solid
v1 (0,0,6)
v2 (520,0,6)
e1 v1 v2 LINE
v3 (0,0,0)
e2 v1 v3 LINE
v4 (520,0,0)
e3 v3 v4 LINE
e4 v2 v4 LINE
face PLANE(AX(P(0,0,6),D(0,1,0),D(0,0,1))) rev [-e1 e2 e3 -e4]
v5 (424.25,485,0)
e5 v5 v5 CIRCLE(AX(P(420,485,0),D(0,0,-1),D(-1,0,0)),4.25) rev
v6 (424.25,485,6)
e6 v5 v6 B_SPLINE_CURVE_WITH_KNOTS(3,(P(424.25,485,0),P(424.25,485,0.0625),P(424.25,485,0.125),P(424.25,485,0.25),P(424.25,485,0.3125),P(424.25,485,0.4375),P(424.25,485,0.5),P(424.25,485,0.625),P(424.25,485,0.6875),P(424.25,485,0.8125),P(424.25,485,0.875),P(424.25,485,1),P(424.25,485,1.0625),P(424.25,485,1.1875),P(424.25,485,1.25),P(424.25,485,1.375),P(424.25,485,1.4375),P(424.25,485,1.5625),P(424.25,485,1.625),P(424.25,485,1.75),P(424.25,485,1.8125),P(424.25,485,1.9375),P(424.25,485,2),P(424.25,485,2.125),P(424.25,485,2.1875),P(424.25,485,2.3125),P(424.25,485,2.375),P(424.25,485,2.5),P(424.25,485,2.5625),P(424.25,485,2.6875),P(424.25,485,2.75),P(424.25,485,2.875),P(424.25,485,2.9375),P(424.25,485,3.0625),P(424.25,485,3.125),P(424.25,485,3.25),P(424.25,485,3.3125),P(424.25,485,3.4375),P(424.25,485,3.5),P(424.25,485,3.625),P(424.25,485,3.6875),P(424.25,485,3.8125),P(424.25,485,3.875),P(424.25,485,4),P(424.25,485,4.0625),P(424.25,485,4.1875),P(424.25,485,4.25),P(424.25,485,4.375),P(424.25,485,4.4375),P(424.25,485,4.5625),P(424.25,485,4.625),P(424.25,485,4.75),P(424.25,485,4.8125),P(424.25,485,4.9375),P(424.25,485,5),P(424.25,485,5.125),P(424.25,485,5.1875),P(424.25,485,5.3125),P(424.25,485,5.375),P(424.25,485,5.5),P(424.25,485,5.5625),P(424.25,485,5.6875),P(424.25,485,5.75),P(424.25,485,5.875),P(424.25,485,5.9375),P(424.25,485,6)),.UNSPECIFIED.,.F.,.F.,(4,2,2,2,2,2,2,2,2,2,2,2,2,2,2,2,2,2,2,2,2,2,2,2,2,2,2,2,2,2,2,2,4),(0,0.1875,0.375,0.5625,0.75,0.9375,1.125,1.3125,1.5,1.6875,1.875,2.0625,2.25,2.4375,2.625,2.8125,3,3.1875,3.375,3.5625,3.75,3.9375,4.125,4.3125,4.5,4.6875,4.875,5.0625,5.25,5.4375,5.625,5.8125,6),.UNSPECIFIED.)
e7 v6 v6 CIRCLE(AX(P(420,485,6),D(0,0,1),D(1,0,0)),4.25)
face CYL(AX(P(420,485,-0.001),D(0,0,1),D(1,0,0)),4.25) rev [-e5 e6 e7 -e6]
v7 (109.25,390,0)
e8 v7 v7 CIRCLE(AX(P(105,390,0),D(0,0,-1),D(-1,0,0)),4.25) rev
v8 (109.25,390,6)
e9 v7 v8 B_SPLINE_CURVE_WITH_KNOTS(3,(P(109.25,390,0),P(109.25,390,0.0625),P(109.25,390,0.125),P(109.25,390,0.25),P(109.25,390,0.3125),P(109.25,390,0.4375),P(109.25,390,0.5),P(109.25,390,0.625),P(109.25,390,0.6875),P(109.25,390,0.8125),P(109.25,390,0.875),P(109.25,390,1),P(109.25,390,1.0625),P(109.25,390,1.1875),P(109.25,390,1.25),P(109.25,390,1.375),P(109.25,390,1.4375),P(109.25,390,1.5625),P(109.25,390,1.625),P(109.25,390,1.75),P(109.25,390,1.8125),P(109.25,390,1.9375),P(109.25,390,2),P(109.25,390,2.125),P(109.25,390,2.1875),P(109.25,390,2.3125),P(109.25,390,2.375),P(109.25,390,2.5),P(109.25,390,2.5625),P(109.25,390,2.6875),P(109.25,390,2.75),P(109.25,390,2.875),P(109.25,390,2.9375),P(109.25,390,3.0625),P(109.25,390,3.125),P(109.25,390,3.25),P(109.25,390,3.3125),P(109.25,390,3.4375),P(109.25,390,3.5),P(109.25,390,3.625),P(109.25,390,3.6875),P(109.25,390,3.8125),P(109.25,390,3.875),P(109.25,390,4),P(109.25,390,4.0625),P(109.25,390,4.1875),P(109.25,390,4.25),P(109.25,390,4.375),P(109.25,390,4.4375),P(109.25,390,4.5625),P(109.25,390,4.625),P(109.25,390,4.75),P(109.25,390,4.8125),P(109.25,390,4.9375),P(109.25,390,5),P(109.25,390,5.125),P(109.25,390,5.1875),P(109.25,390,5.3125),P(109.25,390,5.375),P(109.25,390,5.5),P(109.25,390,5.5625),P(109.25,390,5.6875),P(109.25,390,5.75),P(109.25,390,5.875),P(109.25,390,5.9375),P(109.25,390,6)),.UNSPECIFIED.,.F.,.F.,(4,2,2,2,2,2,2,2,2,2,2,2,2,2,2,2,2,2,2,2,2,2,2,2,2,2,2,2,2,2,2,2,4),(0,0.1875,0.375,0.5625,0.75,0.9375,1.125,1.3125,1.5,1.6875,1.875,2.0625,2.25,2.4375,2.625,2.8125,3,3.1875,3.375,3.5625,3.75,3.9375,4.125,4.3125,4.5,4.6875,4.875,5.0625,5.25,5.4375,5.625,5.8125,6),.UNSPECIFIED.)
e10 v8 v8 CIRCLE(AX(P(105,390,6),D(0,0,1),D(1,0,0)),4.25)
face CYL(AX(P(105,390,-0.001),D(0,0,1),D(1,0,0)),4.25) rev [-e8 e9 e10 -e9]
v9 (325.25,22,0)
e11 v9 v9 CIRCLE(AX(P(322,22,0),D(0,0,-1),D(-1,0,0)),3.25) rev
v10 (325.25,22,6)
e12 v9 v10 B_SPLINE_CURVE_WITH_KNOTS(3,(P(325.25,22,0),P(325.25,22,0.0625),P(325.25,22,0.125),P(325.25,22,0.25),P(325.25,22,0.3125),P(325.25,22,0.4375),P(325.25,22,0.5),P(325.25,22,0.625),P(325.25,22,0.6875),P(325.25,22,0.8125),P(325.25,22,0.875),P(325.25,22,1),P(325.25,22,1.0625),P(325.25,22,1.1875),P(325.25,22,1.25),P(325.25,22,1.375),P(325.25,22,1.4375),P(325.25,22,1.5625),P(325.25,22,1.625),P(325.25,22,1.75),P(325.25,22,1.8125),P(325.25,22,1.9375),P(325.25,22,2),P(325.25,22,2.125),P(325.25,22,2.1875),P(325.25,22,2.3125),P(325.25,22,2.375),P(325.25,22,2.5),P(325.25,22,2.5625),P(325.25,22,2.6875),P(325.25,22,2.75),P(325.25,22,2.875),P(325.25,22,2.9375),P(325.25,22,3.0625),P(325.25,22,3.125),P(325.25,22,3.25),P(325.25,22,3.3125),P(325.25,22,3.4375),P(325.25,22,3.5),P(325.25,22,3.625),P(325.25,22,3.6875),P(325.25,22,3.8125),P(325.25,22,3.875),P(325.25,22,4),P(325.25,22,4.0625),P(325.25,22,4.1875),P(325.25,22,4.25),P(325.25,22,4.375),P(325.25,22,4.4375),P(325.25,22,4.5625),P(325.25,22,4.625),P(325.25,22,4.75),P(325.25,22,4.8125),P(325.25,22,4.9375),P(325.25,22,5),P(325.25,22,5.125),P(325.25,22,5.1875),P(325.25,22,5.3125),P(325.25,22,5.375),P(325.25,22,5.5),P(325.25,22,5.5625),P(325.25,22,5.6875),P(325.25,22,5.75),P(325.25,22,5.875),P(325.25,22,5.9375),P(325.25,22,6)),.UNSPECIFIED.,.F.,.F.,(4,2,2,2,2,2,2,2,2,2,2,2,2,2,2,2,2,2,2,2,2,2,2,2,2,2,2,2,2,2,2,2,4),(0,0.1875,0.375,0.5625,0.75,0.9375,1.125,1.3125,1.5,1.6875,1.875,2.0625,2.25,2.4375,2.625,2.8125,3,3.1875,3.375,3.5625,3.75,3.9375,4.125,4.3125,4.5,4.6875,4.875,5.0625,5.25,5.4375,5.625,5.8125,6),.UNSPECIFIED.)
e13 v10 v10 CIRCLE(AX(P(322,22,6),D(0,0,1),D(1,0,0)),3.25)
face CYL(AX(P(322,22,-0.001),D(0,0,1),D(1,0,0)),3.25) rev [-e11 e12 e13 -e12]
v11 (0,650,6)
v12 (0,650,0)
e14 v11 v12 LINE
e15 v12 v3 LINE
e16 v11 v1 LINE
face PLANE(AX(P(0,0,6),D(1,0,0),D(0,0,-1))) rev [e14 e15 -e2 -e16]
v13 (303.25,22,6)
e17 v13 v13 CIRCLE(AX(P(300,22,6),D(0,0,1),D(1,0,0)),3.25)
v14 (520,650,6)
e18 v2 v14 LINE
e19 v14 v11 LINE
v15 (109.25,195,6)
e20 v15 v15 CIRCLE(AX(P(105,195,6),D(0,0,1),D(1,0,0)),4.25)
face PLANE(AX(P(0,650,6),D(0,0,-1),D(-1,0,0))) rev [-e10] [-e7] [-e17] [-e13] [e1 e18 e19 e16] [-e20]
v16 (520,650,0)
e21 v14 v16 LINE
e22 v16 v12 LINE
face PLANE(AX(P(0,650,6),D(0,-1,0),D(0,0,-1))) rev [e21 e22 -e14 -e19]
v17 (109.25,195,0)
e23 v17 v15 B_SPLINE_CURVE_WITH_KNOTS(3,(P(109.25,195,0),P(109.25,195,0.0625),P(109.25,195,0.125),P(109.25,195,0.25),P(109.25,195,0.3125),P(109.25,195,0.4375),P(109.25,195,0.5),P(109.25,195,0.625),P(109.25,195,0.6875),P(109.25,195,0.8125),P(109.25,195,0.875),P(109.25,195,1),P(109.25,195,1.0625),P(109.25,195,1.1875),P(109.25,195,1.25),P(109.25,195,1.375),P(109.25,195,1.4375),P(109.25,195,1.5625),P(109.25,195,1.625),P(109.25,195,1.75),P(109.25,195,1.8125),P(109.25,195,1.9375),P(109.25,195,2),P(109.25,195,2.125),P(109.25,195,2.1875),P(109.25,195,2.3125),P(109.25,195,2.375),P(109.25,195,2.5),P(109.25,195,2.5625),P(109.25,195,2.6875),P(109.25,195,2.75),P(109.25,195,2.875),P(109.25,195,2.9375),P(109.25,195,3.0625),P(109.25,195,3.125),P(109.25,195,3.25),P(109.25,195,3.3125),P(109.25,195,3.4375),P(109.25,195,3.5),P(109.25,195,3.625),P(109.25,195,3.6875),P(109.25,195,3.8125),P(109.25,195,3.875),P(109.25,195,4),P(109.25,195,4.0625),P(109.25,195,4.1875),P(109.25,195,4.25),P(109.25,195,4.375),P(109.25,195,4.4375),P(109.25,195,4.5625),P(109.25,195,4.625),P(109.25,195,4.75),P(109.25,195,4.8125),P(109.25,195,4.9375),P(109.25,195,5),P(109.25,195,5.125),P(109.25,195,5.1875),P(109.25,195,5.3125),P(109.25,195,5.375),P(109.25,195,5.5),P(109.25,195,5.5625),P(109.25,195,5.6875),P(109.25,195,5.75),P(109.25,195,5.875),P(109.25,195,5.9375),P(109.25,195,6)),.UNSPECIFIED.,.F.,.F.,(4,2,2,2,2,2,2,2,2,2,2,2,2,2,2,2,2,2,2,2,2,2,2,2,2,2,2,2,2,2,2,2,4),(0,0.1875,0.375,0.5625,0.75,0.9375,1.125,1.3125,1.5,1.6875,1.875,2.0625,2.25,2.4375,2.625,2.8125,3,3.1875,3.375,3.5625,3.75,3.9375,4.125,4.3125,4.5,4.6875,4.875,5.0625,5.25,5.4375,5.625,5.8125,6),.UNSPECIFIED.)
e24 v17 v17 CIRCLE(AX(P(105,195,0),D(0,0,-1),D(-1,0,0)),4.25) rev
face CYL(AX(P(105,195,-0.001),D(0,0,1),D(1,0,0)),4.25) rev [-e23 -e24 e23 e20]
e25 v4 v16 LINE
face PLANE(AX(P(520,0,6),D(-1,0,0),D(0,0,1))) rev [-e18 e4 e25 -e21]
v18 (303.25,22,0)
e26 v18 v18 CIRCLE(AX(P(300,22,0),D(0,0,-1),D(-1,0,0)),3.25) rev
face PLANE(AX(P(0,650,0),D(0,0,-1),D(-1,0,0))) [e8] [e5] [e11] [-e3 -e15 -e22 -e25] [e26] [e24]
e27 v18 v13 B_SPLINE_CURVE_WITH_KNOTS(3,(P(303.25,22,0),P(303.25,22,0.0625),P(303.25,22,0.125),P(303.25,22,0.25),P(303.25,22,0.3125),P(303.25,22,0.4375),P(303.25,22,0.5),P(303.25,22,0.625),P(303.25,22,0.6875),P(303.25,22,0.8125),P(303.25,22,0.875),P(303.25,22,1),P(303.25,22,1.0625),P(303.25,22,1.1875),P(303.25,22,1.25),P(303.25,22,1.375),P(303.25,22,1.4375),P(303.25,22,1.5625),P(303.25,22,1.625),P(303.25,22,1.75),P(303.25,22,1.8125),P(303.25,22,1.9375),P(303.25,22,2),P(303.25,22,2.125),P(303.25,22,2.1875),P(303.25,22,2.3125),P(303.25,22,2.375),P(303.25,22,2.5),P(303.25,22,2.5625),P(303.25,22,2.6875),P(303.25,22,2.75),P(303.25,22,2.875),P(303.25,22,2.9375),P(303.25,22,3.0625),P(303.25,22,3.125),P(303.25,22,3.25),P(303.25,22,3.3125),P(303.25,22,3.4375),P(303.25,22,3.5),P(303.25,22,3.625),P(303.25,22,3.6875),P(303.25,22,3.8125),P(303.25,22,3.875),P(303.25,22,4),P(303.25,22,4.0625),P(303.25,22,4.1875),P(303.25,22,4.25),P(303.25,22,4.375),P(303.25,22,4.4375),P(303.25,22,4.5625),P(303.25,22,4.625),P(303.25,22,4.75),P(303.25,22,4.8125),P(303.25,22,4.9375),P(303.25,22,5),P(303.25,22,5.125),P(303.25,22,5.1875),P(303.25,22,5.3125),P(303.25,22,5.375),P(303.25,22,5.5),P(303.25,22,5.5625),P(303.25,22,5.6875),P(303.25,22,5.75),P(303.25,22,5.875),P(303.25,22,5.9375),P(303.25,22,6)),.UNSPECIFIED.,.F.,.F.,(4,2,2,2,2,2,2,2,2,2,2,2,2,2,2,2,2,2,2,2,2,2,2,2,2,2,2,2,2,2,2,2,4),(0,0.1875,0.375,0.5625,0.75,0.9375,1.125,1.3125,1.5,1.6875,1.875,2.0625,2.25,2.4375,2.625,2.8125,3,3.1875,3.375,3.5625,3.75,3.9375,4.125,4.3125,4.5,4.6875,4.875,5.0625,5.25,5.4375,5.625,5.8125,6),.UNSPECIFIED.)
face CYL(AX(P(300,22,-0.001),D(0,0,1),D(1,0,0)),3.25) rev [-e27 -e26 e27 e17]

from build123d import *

# Parameters (mm, degrees)
ESQUISSE1_W             = 520
ESQUISSE1_H             = 650
BASE_EXTRUSION_DEPTH    = 6
ENL_V_MAT_EXTRU_1_REACH = 834.428
ESQUISSE2_R             = 4.25
ENL_V_MAT_EXTRU_2_REACH = 834.428
ESQUISSE3_R             = 3.25


with BuildPart() as part:
    # Esquisse1 → Base-Extrusion (new body)
    with BuildSketch(Plane.XY):
        with Locations((260, 325)):
            Rectangle(ESQUISSE1_W, ESQUISSE1_H)
    extrude(amount=BASE_EXTRUSION_DEPTH)

    # Esquisse2 → Enlèv. mat.-Extru.1 (cut, up to next)
    with BuildSketch(Plane.XY.offset(6), mode=Mode.PRIVATE) as enl_v_mat_extru_1_sk1:
        with Locations((420, 485)):
            Circle(ESQUISSE2_R)
    enl_v_mat_extru_1_tool1 = extrude(enl_v_mat_extru_1_sk1.sketch, amount=-ENL_V_MAT_EXTRU_1_REACH, mode=Mode.PRIVATE) & part.part
    # Esquisse2 → Enlèv. mat.-Extru.1 (cut, up to next)
    with BuildSketch(Plane.XY.offset(6), mode=Mode.PRIVATE) as enl_v_mat_extru_1_sk2:
        with Locations((105, 390)):
            Circle(ESQUISSE2_R)
    enl_v_mat_extru_1_tool2 = extrude(enl_v_mat_extru_1_sk2.sketch, amount=-ENL_V_MAT_EXTRU_1_REACH, mode=Mode.PRIVATE) & part.part
    # Esquisse2 → Enlèv. mat.-Extru.1 (cut, up to next)
    with BuildSketch(Plane.XY.offset(6), mode=Mode.PRIVATE) as enl_v_mat_extru_1_sk3:
        with Locations((105, 195)):
            Circle(ESQUISSE2_R)
    enl_v_mat_extru_1_tool3 = extrude(enl_v_mat_extru_1_sk3.sketch, amount=-ENL_V_MAT_EXTRU_1_REACH, mode=Mode.PRIVATE) & part.part
    add(enl_v_mat_extru_1_tool1.solids().sort_by_distance((420, 485, 6))[0], mode=Mode.SUBTRACT)
    add(enl_v_mat_extru_1_tool2.solids().sort_by_distance((105, 390, 6))[0], mode=Mode.SUBTRACT)
    add(enl_v_mat_extru_1_tool3.solids().sort_by_distance((105, 195, 6))[0], mode=Mode.SUBTRACT)

    # Esquisse3 → Enlèv. mat.-Extru.2 (cut, up to next)
    with BuildSketch(Plane.XY.offset(6), mode=Mode.PRIVATE) as enl_v_mat_extru_2_sk1:
        with Locations((300, 22)):
            Circle(ESQUISSE3_R)
    enl_v_mat_extru_2_tool1 = extrude(enl_v_mat_extru_2_sk1.sketch, amount=-ENL_V_MAT_EXTRU_2_REACH, mode=Mode.PRIVATE) & part.part
    # Esquisse3 → Enlèv. mat.-Extru.2 (cut, up to next)
    with BuildSketch(Plane.XY.offset(6), mode=Mode.PRIVATE) as enl_v_mat_extru_2_sk2:
        with Locations((322, 22)):
            Circle(ESQUISSE3_R)
    enl_v_mat_extru_2_tool2 = extrude(enl_v_mat_extru_2_sk2.sketch, amount=-ENL_V_MAT_EXTRU_2_REACH, mode=Mode.PRIVATE) & part.part
    add(enl_v_mat_extru_2_tool1.solids().sort_by_distance((300, 22, 6))[0], mode=Mode.SUBTRACT)
    add(enl_v_mat_extru_2_tool2.solids().sort_by_distance((322, 22, 6))[0], mode=Mode.SUBTRACT)


solid = part.part
